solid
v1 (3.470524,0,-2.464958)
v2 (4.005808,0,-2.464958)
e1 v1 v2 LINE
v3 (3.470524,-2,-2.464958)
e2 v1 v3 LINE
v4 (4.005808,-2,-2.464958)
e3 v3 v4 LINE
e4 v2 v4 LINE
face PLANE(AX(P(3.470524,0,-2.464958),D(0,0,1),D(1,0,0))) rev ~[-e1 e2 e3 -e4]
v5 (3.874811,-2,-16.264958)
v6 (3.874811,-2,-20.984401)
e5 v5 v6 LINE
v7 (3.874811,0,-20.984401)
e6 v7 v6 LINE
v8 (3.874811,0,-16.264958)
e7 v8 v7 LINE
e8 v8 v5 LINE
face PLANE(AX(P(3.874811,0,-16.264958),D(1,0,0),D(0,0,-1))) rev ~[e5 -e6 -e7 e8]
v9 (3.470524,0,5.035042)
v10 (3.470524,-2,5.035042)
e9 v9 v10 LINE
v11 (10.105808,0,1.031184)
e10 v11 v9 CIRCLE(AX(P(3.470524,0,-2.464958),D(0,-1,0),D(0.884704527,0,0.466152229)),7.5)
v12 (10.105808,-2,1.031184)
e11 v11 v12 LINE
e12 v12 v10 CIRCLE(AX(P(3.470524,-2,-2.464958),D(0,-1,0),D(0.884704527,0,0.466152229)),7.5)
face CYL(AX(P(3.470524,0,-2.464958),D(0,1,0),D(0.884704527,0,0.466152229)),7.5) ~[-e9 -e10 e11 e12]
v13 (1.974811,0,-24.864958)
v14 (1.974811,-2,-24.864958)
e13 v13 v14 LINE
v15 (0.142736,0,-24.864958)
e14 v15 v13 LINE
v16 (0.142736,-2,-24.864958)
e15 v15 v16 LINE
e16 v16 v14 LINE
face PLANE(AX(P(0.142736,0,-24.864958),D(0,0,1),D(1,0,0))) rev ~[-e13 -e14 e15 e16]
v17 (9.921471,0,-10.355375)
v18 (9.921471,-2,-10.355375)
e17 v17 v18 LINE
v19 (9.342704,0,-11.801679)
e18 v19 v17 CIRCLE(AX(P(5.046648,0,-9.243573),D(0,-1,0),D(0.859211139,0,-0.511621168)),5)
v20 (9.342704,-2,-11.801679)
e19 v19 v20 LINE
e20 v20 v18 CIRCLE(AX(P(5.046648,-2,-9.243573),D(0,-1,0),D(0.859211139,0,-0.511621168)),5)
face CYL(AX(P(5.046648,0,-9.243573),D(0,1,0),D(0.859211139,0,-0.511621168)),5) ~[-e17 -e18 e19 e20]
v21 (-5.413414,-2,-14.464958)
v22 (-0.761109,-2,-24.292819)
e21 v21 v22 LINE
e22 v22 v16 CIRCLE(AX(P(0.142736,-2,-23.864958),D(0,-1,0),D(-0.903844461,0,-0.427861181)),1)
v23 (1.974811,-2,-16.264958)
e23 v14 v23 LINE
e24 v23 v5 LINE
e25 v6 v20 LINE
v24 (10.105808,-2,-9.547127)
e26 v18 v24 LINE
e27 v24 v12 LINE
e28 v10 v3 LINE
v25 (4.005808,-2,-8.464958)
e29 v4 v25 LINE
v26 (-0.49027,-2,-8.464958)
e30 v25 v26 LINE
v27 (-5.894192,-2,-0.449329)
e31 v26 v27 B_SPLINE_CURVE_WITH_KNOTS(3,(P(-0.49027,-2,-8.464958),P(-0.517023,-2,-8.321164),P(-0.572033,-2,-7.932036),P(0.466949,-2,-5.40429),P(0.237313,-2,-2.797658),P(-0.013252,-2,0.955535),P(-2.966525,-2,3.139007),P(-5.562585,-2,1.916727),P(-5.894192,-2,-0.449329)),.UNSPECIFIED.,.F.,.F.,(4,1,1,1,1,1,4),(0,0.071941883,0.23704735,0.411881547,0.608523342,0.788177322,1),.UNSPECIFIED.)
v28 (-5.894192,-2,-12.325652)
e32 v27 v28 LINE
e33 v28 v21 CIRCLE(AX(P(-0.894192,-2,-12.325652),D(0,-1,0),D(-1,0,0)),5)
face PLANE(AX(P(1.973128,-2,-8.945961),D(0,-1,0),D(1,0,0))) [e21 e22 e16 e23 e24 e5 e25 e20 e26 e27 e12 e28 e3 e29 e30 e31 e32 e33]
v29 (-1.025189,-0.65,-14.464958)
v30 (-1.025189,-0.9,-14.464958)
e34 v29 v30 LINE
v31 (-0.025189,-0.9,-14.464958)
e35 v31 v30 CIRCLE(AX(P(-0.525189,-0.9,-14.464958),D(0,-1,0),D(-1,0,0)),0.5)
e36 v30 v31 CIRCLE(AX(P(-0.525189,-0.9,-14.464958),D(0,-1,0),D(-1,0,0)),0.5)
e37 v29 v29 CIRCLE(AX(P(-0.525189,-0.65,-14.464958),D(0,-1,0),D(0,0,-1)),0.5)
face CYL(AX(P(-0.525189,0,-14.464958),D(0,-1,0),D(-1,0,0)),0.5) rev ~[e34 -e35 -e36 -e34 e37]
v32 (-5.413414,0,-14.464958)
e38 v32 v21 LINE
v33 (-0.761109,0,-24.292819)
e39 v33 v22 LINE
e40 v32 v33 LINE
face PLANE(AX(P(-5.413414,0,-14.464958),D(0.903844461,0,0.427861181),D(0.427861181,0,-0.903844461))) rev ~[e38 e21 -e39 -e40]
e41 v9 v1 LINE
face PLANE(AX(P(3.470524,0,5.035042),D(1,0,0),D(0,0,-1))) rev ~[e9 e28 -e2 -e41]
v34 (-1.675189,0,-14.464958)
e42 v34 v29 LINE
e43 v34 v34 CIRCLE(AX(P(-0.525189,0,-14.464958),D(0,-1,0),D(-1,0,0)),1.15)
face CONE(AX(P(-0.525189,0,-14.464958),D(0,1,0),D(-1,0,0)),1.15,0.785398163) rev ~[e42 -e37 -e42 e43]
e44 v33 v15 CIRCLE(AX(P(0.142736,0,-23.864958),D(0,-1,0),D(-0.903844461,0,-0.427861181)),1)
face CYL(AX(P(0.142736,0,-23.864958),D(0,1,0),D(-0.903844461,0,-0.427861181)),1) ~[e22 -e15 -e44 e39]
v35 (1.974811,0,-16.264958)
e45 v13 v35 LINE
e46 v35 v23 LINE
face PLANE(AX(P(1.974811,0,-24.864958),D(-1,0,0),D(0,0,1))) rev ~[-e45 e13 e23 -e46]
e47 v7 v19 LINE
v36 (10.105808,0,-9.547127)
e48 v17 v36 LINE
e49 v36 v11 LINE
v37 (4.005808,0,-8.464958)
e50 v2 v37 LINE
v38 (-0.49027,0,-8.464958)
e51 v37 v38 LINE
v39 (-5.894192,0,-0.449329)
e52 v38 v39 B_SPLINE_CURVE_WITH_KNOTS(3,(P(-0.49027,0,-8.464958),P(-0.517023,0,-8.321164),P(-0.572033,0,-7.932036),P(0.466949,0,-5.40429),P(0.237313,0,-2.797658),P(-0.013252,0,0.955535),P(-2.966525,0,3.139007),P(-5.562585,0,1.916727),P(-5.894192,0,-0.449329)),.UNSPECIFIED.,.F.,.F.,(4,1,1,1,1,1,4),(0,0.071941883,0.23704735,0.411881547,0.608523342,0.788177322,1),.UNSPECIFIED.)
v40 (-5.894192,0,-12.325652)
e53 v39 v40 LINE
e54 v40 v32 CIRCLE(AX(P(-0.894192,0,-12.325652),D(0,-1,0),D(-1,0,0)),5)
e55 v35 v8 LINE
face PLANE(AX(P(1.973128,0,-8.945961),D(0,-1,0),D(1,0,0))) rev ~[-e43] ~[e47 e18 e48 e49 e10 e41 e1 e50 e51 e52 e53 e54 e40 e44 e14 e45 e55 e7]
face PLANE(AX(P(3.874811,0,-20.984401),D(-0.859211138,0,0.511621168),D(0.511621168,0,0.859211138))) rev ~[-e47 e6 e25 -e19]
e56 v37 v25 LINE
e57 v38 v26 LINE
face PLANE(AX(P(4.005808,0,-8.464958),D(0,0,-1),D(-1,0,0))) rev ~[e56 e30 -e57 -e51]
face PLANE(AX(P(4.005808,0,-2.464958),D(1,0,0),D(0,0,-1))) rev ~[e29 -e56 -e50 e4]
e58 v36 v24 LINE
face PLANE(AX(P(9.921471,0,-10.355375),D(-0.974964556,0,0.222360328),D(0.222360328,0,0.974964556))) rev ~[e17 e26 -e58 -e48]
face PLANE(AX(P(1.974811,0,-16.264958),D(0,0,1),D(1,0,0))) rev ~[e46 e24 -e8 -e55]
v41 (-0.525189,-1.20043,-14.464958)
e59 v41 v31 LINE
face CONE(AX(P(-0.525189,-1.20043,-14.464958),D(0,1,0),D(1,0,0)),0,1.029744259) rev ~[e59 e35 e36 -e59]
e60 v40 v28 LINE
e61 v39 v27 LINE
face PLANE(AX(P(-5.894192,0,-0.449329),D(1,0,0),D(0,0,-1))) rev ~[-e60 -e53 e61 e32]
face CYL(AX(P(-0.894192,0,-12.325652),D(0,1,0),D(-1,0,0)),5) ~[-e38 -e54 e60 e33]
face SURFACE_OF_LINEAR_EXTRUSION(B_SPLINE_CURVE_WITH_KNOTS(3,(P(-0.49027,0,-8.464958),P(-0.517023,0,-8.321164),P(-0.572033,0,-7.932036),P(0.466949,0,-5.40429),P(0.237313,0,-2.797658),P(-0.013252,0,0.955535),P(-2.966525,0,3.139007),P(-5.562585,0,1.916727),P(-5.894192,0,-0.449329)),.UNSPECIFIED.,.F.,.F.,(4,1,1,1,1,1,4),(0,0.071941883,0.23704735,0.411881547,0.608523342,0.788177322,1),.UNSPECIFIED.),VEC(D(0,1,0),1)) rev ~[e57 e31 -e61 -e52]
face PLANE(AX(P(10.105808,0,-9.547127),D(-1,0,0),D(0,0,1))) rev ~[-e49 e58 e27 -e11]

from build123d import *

# Parameters (mm, degrees)
F1_DEPTH       = 2
F2_D           = 1
F2_DEPTH       = 0.9
F2_CSINK_D     = 2.3
F2_CSINK_ANGLE = 90
F2_TIP         = 0.3004303095


with BuildPart() as f1:
    # F0 (on Front) → F1 (new body)
    with BuildSketch(Plane.XZ):
        with BuildLine():
            Line((0.1427356212, -24.8649581966), (1.9748106857, -24.8649581966))
            Line((1.9748106857, -24.8649581966), (1.9748106857, -16.2649581966))
            Line((1.9748106857, -16.2649581966), (3.8748106857, -16.2649581966))
            Line((3.8748106857, -16.2649581966), (3.8748106857, -20.9844008748))
            Line((3.8748106857, -20.9844008748), (9.3427040994, -11.8016789339))
            ThreePointArc((9.3427040994, -11.8016789339), (9.6887602043, -11.1012054746), (9.9214711848, -10.3553747335))
            Line((9.9214711848, -10.3553747335), (10.1058082655, -9.5471274995))
            Line((10.1058082655, -9.5471274995), (10.1058082655, 1.0311835213))
            ThreePointArc((10.1058082655, 1.0311835213), (7.345375095, 3.9565316182), (3.4705243162, 5.0350418034))
            Line((3.4705243162, 5.0350418034), (3.4705243162, -2.4649581966))
            Line((3.4705243162, -2.4649581966), (4.0058082655, -2.4649581966))
            Line((4.0058082655, -2.4649581966), (4.0058082655, -8.4649581966))
            Line((4.0058082655, -8.4649581966), (-0.4902702155, -8.4649581966))
            add(Edge.make_bspline(
                [(-0.4902702155, -8.4649581966), (-0.517023319, -8.3211643603), (-0.5720329528, -7.9320364569), (0.4669494209, -5.404289504), (0.2373130604, -2.7976580124), (-0.0132517858, 0.9555345554), (-2.9665248859, 3.1390070827), (-5.5625849998, 1.9167273554), (-5.8941917345, -0.4493291204)],
                knots=[0, 0, 0, 0, 0.0719418831, 0.2370473501, 0.4118815467, 0.6085233417, 0.7881773221, 1, 1, 1, 1], degree=3))
            Line((-5.8941917345, -0.4493291204), (-5.8941917345, -12.3256522935))
            ThreePointArc((-5.8941917345, -12.3256522935), (-5.7725168329, -13.4219844669), (-5.4134140407, -14.4649581966))
            Line((-5.4134140407, -14.4649581966), (-0.7611088401, -24.2928193772))
            ThreePointArc((-0.7611088401, -24.2928193772), (-0.3921189476, -24.709902331), (0.1427356212, -24.8649581966))
        make_face()
    extrude(amount=F1_DEPTH)

    # F2
    with Locations(Plane(origin=(0, 0, 0), x_dir=(1, 0, 0), z_dir=(0, 1, 0))):
        with Locations((-0.5251893143, 14.4649581966)):
            CounterSinkHole(F2_D / 2, F2_CSINK_D / 2, depth=F2_DEPTH, counter_sink_angle=F2_CSINK_ANGLE)
            with Locations((0, 0, -(F2_DEPTH + F2_TIP / 2))):  # 118° drill point
                Cone(0, F2_D / 2, F2_TIP, mode=Mode.SUBTRACT)


solid = f1.part
